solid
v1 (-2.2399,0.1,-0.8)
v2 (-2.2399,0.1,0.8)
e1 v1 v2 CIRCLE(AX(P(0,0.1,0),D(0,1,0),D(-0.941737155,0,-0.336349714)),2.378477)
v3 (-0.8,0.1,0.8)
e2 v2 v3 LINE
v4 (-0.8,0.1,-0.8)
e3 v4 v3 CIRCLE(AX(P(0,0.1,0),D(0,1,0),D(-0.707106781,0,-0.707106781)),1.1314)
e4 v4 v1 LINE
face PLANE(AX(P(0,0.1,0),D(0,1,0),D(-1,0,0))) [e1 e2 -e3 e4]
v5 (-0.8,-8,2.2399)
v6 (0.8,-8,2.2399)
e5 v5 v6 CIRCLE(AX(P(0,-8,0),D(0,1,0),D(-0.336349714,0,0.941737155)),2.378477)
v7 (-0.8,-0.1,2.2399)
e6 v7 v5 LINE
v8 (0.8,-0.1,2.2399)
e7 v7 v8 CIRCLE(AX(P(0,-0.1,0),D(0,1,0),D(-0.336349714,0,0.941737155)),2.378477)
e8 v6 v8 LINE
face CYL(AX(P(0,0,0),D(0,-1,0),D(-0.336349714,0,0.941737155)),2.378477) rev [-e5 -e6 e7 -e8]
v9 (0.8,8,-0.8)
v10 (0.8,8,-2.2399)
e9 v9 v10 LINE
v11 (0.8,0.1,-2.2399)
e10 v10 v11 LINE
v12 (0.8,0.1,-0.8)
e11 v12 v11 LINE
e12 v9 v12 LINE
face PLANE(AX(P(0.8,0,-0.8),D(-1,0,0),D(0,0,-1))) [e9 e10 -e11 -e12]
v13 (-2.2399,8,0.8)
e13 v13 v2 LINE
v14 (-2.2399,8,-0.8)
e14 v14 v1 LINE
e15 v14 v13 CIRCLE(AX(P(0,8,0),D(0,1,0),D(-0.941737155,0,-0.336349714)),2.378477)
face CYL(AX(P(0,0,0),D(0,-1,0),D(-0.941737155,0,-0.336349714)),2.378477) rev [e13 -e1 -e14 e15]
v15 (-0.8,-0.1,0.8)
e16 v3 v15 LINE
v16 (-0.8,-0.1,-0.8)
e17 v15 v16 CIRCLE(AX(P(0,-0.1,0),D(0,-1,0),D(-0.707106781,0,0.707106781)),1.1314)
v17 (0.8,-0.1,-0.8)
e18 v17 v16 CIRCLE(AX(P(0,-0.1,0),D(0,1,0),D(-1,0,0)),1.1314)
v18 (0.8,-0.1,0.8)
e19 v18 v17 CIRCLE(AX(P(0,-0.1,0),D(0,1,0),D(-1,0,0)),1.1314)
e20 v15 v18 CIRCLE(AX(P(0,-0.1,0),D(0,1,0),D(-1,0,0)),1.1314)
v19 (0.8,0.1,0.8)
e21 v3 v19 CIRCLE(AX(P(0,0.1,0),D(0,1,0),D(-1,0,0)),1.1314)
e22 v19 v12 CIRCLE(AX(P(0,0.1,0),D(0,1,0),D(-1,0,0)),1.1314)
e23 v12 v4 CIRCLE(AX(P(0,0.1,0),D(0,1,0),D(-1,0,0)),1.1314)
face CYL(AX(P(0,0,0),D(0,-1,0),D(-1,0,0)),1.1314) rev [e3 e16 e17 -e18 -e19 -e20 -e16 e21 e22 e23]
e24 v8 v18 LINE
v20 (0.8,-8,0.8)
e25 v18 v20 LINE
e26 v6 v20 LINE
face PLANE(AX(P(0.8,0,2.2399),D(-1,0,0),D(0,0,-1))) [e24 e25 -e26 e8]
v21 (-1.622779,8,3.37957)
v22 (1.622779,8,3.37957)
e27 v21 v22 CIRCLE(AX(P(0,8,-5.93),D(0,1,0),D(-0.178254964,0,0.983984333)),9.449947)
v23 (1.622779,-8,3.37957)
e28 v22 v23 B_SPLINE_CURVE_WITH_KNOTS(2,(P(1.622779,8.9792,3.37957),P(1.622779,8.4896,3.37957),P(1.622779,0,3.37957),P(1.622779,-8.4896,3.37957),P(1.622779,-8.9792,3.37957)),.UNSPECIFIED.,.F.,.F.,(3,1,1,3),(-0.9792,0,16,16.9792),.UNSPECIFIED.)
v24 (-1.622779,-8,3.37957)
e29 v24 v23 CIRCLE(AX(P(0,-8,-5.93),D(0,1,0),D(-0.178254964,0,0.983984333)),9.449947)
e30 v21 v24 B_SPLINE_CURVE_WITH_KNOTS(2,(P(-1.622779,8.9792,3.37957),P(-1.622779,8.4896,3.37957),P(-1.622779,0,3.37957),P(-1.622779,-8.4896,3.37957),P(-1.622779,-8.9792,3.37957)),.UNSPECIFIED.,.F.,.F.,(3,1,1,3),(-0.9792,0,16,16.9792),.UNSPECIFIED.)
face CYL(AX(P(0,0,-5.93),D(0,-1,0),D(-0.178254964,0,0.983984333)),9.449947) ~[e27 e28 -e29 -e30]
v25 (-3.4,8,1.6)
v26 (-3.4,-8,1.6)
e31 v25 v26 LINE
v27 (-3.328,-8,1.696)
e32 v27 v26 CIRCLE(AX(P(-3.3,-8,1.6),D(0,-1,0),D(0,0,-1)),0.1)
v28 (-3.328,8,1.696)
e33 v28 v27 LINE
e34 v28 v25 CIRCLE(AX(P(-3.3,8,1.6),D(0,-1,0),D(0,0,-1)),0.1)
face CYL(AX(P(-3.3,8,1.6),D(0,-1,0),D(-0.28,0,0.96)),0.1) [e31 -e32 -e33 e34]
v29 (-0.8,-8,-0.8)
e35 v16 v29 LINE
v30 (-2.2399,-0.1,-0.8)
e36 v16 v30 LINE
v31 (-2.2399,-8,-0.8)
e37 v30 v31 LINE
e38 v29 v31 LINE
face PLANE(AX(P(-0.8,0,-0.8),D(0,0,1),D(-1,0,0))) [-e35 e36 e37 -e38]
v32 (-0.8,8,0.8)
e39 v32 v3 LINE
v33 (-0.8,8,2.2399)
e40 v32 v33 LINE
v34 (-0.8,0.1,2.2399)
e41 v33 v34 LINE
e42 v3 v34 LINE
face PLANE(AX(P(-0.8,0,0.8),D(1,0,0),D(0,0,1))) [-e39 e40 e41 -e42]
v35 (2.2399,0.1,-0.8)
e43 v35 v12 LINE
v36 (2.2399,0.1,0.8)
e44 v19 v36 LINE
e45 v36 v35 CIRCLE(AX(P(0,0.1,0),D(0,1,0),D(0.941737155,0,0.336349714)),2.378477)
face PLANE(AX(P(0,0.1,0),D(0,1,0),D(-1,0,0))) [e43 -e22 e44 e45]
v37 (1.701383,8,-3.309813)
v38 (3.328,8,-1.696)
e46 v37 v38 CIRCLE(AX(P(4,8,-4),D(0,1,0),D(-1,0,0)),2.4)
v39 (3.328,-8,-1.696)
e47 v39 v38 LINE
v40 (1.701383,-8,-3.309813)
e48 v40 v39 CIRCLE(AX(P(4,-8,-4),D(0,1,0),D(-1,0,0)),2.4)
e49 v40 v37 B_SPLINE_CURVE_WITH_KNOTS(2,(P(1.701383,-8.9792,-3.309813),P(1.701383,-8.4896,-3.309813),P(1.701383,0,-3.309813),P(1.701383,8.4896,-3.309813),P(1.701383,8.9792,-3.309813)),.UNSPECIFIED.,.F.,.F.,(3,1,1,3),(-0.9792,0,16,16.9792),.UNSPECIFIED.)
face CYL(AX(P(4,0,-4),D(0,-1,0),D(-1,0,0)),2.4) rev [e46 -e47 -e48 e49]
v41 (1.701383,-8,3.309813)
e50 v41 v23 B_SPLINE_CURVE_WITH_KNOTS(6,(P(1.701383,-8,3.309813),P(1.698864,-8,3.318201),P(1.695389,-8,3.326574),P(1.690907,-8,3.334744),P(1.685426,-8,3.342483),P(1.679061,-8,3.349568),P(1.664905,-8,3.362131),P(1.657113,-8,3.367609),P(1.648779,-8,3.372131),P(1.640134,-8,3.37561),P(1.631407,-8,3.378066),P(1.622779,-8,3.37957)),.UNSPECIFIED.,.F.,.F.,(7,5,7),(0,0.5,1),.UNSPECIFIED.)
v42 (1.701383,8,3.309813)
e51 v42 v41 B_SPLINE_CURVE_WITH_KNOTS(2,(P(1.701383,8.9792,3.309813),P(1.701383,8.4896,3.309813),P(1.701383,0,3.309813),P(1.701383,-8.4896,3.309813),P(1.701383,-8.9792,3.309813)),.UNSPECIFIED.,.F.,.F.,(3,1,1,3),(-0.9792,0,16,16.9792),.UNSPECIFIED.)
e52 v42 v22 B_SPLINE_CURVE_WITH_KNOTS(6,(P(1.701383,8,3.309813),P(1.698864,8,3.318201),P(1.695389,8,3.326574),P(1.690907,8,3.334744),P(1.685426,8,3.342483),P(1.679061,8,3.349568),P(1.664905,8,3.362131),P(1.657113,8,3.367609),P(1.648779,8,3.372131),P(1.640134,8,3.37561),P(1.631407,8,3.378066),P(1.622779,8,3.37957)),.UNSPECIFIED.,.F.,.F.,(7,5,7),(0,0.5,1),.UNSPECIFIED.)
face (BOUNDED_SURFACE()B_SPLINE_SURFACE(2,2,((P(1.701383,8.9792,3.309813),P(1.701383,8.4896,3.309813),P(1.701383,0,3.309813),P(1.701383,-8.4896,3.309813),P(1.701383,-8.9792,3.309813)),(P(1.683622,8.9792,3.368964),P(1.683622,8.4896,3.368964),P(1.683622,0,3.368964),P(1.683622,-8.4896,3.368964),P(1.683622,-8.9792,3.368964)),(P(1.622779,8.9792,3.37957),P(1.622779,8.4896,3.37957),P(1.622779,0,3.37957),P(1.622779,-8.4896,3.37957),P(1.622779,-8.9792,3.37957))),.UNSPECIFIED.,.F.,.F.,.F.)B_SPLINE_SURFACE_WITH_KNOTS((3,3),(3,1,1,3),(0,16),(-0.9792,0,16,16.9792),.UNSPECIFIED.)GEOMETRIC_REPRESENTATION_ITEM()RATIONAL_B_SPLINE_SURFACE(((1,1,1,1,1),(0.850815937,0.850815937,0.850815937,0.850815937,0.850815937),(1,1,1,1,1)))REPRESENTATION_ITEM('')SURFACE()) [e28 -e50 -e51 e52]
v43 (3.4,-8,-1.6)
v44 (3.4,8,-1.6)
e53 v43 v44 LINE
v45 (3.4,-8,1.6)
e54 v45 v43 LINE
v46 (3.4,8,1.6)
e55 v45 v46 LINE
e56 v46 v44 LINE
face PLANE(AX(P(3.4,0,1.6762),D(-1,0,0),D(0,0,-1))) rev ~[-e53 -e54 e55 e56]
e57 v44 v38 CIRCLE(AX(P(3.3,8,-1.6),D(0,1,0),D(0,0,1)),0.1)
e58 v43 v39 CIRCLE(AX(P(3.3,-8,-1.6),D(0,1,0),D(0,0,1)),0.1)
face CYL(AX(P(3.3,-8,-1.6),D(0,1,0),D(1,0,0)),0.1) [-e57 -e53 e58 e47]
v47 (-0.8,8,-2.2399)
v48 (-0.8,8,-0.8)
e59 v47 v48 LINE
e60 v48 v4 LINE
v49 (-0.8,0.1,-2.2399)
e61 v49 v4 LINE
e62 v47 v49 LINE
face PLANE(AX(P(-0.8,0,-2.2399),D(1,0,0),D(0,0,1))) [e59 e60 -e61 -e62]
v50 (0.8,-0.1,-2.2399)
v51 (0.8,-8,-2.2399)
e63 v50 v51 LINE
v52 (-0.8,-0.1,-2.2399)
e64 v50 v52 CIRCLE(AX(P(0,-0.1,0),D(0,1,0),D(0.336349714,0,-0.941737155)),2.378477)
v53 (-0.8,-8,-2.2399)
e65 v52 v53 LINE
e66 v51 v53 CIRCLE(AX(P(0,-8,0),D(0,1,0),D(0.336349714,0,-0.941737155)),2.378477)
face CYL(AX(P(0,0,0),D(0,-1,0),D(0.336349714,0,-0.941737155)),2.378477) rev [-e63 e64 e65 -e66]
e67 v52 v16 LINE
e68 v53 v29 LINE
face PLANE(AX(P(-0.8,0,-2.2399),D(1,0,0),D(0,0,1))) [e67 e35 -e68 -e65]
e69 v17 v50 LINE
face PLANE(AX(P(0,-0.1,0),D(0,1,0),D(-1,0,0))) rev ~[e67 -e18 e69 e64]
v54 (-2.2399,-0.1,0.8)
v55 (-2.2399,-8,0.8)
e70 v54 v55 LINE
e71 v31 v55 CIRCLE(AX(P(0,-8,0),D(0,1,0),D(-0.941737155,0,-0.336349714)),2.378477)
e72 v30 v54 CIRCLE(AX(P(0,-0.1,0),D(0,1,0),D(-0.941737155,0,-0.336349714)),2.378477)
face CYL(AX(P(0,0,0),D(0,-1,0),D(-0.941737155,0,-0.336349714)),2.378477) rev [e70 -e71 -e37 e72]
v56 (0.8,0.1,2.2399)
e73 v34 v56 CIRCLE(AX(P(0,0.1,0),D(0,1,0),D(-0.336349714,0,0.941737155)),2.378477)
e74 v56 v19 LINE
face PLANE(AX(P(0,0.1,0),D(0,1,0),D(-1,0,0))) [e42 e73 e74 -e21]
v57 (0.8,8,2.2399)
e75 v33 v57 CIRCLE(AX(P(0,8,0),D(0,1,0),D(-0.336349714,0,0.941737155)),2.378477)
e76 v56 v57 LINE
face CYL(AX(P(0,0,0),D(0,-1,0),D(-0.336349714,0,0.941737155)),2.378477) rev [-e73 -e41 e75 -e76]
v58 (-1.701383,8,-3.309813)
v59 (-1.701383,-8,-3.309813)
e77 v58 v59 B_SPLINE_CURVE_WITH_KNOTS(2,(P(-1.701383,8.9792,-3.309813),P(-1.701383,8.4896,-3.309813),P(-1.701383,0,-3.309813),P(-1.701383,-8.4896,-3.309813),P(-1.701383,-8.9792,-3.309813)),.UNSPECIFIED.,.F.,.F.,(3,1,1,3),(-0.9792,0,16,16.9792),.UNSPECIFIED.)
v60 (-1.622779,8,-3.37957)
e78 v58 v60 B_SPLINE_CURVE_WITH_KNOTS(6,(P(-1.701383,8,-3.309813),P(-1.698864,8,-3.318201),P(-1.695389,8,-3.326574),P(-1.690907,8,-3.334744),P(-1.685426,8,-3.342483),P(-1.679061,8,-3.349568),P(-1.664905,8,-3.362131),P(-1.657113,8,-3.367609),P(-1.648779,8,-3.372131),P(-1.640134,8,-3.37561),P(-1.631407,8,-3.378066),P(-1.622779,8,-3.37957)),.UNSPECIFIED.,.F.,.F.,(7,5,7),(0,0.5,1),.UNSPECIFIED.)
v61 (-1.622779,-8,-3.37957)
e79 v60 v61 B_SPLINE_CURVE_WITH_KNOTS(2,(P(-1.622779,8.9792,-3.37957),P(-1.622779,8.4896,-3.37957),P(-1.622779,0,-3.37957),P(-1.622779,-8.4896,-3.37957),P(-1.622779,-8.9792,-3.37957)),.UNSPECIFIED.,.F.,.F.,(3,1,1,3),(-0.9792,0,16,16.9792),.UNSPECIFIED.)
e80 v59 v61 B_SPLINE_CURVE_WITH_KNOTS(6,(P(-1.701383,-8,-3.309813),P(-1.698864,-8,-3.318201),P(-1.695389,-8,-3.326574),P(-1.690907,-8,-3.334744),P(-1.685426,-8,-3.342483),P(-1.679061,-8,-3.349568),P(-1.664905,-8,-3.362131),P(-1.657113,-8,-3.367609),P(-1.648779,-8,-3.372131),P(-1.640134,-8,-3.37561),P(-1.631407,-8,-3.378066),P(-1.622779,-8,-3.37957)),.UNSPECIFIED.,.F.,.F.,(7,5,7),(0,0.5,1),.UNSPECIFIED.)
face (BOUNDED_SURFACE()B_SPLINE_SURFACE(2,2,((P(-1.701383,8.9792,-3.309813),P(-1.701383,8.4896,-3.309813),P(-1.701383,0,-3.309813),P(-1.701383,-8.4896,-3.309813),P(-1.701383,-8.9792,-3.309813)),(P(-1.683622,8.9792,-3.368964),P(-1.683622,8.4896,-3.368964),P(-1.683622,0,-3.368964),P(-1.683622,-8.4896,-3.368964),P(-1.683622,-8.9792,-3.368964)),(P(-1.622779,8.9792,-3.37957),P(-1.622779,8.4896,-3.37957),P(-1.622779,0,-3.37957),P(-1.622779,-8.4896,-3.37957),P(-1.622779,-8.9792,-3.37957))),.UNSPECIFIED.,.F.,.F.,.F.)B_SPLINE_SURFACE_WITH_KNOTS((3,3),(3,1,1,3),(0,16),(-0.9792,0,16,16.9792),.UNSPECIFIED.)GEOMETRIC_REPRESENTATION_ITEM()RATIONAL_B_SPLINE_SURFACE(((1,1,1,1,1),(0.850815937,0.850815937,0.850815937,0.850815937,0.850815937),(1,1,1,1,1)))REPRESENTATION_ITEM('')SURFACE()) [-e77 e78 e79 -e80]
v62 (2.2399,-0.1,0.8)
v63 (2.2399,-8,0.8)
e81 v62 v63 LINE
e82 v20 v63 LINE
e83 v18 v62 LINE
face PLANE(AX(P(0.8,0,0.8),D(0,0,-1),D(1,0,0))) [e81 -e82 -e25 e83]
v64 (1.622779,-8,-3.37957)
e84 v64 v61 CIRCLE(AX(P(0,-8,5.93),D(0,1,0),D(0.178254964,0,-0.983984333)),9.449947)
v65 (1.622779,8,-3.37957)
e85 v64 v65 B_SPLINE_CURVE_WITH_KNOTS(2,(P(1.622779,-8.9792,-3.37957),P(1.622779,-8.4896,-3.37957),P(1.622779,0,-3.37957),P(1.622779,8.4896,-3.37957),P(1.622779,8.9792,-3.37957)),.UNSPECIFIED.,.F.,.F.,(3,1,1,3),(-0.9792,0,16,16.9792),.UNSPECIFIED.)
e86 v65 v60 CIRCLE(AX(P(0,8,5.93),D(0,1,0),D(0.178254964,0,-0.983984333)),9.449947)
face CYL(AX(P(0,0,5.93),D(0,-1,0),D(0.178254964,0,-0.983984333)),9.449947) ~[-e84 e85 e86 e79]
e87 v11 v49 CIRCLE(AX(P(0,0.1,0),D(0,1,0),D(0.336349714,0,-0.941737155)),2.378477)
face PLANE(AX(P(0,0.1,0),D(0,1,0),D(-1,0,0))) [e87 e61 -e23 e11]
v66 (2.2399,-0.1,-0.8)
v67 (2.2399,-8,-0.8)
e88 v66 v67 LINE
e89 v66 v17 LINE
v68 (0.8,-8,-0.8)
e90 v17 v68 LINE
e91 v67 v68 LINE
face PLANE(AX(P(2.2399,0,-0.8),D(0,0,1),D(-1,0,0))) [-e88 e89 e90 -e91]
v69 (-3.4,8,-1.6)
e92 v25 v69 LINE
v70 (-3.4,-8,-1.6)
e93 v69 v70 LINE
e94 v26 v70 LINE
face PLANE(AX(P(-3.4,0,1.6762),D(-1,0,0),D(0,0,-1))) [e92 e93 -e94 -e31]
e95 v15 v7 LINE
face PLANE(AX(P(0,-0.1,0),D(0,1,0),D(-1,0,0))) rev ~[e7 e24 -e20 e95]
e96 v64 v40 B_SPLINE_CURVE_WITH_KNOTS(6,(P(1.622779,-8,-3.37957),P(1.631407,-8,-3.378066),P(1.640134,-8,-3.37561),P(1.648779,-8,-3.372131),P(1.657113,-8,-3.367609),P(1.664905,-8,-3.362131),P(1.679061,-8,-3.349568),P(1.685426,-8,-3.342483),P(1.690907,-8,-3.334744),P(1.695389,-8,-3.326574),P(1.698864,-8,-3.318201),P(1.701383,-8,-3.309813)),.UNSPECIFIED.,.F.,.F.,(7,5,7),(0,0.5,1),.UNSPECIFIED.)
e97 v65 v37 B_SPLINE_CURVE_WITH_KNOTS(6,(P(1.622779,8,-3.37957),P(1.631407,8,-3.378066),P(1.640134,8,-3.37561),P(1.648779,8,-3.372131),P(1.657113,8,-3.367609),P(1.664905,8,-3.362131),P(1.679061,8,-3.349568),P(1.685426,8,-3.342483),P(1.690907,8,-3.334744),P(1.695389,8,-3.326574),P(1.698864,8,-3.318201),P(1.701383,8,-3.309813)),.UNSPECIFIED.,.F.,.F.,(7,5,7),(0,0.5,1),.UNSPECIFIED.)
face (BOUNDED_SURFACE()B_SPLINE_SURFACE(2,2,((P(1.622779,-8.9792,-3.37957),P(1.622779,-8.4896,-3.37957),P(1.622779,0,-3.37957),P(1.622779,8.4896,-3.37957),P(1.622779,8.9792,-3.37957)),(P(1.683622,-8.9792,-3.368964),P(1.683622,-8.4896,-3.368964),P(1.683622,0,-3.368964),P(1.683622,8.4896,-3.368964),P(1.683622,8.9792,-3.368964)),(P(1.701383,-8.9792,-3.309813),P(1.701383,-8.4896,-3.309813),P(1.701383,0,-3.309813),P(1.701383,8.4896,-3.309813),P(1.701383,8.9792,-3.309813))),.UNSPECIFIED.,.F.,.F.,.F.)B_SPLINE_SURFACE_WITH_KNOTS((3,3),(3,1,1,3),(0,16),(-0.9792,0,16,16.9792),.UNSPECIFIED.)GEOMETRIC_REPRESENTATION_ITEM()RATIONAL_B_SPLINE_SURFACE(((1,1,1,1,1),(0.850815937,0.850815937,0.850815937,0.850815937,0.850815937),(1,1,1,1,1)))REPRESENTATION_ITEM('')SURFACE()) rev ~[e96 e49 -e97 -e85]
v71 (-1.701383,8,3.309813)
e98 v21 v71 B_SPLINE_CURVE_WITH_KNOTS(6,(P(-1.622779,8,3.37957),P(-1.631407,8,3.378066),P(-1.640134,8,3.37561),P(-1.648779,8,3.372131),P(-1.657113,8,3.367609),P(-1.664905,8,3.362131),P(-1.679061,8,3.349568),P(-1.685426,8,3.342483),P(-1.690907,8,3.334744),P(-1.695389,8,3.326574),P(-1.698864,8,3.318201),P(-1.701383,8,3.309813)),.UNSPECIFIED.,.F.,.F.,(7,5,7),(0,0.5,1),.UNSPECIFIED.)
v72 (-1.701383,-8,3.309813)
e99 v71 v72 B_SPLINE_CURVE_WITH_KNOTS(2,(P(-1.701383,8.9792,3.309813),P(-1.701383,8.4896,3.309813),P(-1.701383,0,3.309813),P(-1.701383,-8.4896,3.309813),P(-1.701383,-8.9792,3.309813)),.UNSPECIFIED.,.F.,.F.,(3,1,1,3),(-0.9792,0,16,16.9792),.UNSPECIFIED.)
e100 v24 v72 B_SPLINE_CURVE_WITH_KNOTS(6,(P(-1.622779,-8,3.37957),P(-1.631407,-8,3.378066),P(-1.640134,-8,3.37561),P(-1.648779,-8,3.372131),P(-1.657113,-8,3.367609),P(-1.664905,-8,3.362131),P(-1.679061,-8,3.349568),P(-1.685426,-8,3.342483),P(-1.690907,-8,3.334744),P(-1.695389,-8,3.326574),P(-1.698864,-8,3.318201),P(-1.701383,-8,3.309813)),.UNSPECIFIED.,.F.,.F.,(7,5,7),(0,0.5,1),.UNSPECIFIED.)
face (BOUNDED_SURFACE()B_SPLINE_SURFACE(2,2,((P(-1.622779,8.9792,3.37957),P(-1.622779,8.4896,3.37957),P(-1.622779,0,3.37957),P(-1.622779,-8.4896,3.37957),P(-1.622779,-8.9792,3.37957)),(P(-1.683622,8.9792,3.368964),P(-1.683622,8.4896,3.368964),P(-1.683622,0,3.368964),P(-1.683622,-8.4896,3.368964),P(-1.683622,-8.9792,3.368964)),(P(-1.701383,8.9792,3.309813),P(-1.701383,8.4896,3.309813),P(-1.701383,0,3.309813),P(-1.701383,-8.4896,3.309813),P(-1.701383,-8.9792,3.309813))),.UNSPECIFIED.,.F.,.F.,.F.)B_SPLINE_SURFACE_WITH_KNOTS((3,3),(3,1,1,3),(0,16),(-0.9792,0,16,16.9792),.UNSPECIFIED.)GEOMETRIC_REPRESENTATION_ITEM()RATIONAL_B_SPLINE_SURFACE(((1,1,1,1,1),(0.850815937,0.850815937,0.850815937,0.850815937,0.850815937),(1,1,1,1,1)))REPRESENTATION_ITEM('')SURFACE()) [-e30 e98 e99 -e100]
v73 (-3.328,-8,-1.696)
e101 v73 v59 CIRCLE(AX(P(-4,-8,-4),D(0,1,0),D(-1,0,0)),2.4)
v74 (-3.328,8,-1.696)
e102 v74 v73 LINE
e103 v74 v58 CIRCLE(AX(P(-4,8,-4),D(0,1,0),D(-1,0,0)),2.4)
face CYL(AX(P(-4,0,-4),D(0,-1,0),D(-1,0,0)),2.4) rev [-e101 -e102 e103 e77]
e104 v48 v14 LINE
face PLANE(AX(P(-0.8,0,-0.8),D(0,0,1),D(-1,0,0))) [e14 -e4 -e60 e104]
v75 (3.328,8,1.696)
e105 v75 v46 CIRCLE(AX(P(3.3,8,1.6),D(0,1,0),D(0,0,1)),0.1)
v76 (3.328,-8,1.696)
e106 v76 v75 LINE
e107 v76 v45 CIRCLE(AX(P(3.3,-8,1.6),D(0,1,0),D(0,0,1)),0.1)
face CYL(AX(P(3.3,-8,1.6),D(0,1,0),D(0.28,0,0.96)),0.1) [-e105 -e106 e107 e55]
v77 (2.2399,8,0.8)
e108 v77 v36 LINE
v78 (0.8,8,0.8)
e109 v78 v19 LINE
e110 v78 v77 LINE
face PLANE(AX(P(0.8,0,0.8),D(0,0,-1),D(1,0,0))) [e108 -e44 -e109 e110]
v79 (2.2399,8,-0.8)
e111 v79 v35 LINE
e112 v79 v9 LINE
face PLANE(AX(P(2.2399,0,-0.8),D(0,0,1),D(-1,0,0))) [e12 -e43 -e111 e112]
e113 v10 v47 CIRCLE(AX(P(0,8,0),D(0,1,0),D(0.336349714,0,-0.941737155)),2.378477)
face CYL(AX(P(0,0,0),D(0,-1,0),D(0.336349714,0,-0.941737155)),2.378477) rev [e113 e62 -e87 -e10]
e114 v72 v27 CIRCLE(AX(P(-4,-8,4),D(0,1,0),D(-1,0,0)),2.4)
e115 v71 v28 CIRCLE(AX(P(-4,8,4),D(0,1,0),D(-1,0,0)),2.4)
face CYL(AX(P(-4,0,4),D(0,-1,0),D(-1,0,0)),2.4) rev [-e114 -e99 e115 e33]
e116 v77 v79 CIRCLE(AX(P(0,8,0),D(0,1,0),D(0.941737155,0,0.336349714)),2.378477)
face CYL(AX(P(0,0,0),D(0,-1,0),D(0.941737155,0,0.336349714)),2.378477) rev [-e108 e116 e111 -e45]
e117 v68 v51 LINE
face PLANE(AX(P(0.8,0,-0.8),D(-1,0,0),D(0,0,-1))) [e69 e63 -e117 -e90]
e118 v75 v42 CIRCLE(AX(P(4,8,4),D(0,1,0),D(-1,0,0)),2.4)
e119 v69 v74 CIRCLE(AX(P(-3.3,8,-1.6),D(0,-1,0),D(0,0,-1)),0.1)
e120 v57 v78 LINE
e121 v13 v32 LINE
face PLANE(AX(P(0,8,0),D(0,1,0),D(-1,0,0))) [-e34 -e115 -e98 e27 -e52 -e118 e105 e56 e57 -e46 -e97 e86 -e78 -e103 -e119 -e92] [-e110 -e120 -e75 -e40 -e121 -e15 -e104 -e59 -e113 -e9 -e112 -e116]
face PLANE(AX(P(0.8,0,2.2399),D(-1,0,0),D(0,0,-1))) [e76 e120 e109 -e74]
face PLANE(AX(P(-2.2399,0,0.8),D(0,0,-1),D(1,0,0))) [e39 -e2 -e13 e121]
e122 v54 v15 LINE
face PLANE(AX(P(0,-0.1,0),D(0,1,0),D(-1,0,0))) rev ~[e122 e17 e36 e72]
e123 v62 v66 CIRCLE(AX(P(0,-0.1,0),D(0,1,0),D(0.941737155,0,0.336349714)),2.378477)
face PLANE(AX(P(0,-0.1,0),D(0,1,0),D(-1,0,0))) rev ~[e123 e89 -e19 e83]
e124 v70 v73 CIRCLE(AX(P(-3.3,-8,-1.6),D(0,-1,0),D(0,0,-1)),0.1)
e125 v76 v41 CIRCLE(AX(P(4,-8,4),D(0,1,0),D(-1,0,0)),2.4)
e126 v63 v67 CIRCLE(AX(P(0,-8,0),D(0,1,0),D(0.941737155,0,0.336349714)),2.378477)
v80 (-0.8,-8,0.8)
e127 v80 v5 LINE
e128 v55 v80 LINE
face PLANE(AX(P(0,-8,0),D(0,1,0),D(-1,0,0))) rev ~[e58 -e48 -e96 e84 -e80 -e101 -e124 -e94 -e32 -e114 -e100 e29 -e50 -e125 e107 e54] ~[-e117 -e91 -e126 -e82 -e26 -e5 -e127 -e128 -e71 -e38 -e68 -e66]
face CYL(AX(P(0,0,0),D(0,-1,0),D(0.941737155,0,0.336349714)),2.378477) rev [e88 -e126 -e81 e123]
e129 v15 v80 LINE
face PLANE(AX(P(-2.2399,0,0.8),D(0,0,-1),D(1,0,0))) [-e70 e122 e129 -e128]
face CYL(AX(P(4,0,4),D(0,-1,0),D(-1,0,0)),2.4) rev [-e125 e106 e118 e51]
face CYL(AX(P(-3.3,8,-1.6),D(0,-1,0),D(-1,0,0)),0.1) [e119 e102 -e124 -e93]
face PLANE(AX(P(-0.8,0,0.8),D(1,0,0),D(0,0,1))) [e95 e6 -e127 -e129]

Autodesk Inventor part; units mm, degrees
ref_plane "YZ Plane" through (0, 0, 0) normal (1, 0, 0) x (0, 1, 0)
ref_plane "XZ Plane" through (0, 0, 0) normal (0, 1, 0) x (-1, 0, 0)
ref_plane "XY Plane" through (0, 0, 0) normal (0, 0, 1) x (1, 0, 0)
sketch "Sketch2" plane through (0, 0, 0) normal (0, 1, 0) x (-1, 0, 0)
  circle A0 centre (0, 0) radius 3.52 construction
  circle A1 centre (0, 0) radius 2.3784 construction
  line L0 (-4, 4) -> (4, 4) construction
  line L1 (4, 4) -> (4, -4) construction
  line L2 (-0.8, 2.2399) -> (-0.8, 0.8)
  line L3 (-0.8, 0.8) -> (-2.2399, 0.8)
  line L4 (-2.2399, -0.8) -> (-0.8, -0.8)
  line L5 (-0.8, -0.8) -> (-0.8, -2.2399)
  line L6 (0.8, -2.2399) -> (0.8, -0.8)
  line L7 (0.8, -0.8) -> (2.2399, -0.8)
  line L8 (2.2399, 0.8) -> (0.8, 0.8)
  line L9 (0.8, 0.8) -> (0.8, 2.2399)
  arc A2 (0.8, 2.2399) -> (-0.8, 2.2399) centre (0, 0) ccw
  arc A3 (-2.2399, 0.8) -> (-2.2399, -0.8) centre (0, 0) ccw
  arc A4 (-0.8, -2.2399) -> (0.8, -2.2399) centre (0, 0) ccw
  arc A5 (2.2399, -0.8) -> (2.2399, 0.8) centre (0, 0) ccw
  circle A6 centre (-4, 4) radius 2.4
  circle A7 centre (4, 4) radius 2.4
  circle A8 centre (-4, -4) radius 2.4
  circle A9 centre (4, -4) radius 2.4
  arc A10 (1.6845, 3.3686) -> (-1.6845, 3.3686) centre (0, -5.93) ccw
  line L10 (-3.4, 1.6762) -> (-3.4, -1.6762)
  line L11 (3.4, 1.6762) -> (3.4, -1.6762)
  arc A11 (-1.6845, -3.3686) -> (1.6845, -3.3686) centre (0, 5.93) ccw
  circle A12 centre (0, 0) radius 1.1314
  point P0 (0, 4)
  point P1 (4, 0)
  dimension "d0" = 4.7569
  dimension "d1" = 7.04
  dimension "d2" = 8
  dimension "d4" = 1.6
  dimension "d20" = 4.8
  dimension "d21" = 18.9
  dimension "d22" = 6.8
extrude "Extrusion1" add sketch "Sketch2" along normal mid plane 16 contours A6 A10 A7 L11 A9 A11 A8 L10
extrude "Extrusion3" add sketch "Sketch2" along normal mid plane 0.2 contours A2 L9 A12 L2 | A12 L4 A3 L3 | L8 A5 L7 A12 | A12 L6 A4 L5
fillet "Fillet1" radius 0.1 8 edges at (1.6845, 0, 3.3686) (3.4, 0, 1.6762) (-1.6845, 0, 3.3686) (-3.4, 0, 1.6762) (3.4, 0, -1.6762) (1.6845, 0, -3.3686) (-1.6845, 0, -3.3686) (-3.4, 0, -1.6762)
equation "\"d2\" = lu"
equation "\"d4\" = axlet"
equation "\"lu\" = 8"
equation "\"axlet\" = 1.6"
properties part number "6538c-Black" material "ABS Plastic"
